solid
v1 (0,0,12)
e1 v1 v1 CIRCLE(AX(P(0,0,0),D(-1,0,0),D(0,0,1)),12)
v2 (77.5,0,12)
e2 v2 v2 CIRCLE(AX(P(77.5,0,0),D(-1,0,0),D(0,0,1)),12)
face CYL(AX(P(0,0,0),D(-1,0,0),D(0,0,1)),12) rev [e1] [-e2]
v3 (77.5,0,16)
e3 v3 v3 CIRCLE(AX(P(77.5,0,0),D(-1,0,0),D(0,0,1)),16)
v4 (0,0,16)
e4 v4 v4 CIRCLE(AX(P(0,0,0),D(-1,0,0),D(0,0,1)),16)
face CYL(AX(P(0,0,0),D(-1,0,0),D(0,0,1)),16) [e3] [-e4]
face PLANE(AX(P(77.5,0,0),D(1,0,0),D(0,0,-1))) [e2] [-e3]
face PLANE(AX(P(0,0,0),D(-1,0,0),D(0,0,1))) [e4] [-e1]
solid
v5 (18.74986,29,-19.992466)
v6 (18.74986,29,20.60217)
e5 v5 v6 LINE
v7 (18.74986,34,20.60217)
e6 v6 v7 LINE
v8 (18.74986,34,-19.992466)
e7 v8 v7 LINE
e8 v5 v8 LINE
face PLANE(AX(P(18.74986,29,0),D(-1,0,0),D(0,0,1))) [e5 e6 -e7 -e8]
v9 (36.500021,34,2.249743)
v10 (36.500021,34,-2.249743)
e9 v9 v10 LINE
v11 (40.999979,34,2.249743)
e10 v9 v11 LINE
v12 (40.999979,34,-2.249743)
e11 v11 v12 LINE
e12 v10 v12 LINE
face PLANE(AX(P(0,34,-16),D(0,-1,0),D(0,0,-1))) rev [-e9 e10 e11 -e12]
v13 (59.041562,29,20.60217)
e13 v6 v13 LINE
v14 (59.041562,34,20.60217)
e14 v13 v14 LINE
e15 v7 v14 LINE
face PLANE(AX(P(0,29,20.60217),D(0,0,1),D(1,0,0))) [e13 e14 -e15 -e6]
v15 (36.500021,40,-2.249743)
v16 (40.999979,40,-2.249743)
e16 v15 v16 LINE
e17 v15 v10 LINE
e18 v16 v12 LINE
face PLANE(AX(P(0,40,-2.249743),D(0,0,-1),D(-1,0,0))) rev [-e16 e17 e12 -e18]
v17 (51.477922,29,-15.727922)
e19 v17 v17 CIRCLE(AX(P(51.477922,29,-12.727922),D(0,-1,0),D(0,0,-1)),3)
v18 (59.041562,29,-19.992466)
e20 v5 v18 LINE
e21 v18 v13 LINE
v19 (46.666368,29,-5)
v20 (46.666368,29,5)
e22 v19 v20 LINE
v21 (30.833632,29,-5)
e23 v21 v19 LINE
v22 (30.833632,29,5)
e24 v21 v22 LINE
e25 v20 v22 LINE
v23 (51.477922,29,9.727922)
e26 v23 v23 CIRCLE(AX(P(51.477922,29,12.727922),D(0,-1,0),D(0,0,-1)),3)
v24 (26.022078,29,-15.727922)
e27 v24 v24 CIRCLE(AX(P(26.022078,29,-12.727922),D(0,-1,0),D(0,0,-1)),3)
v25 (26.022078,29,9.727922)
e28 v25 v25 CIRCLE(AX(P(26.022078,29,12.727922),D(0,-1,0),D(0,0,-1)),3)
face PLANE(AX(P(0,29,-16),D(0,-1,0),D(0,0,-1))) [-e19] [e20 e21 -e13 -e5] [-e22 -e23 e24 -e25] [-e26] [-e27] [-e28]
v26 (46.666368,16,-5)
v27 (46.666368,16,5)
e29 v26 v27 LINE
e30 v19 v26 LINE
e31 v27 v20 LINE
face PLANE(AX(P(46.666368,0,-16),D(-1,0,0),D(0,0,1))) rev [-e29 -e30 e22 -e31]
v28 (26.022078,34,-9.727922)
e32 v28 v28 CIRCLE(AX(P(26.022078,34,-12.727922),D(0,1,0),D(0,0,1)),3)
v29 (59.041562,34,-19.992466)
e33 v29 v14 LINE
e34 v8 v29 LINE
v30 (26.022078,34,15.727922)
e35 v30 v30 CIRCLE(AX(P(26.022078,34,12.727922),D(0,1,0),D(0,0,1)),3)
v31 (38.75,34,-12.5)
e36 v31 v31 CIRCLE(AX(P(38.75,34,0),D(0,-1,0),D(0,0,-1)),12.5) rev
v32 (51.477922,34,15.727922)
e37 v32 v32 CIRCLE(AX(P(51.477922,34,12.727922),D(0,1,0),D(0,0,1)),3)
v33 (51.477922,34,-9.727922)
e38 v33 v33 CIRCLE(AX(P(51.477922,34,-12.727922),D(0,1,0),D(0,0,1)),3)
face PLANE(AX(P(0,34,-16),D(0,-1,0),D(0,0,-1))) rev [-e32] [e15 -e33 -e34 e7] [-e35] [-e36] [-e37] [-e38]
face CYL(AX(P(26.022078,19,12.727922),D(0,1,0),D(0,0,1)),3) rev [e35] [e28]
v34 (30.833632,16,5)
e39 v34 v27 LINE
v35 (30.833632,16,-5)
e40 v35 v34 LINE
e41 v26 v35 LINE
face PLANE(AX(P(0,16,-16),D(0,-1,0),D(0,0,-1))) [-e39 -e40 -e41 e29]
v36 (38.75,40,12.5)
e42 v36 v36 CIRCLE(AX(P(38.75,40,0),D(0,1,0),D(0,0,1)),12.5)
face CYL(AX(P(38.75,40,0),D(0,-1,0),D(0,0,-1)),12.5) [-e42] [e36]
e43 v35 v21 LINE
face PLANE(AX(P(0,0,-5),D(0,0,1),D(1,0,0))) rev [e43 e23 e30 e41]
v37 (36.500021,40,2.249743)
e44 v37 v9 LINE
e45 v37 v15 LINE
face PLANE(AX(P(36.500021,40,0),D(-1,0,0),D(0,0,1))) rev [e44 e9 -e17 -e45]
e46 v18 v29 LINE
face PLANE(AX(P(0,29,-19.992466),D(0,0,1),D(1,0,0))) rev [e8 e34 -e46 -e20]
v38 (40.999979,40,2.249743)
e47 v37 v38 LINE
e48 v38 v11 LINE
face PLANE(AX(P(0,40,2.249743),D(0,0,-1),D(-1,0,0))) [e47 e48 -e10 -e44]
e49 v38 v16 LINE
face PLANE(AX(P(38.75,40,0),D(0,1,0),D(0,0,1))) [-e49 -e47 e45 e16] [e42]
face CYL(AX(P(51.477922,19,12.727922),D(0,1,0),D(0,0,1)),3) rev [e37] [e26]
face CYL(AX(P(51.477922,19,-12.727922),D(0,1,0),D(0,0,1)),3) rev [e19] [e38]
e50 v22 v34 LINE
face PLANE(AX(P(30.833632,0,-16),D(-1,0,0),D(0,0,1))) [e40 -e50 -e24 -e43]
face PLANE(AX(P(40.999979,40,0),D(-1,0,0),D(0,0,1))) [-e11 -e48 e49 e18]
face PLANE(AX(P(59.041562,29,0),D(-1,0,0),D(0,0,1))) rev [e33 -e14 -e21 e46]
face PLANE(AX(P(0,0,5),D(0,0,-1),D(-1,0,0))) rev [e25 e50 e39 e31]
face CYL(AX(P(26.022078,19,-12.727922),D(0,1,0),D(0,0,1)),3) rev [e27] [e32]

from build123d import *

# Parameters (mm, degrees)
DODANIE_WYCI_GNI_CIE1_DEPTH      = 16
DODANIE_WYCI_GNI_CIE1_DEPTH_BACK = 16
SZKIC2_R                         = 3
WYTNIJ_WYCI_GNI_CIE1_DEPTH       = 15
DODANIE_WYCI_GNI_CIE2_DEPTH      = 6
SZKIC5_W                         = 15.832735356
SZKIC5_H                         = 13
WYTNIJ_WYCI_GNI_CIE2_DEPTH       = 11
SZKIC6_W                         = 15.832735356
SZKIC6_H                         = 13
WYTNIJ_WYCI_GNI_CIE3_DEPTH       = 11
SZKIC7_W                         = 40.29170114
SZKIC7_H                         = 40.594635428
SZKIC7_W_2                       = 32
SZKIC7_H_2                       = 32
DODANIE_WYCI_GNI_CIE3_DEPTH      = 5


with BuildPart() as part:
    # Szkic1 → Dodanie-wyciągnięcie1 (new, two sides: drawn at the far end of the back side and taken through both)
    with BuildSketch(Plane.XY.offset(-DODANIE_WYCI_GNI_CIE1_DEPTH_BACK)):
        Polygon((30.833632322, 16), (46.666367678, 16), (46.666367678, 29), (54.75, 29), (54.75, 34), (22.75, 34), (22.75, 29), (30.833632322, 29), align=None)
    extrude(amount=DODANIE_WYCI_GNI_CIE1_DEPTH + DODANIE_WYCI_GNI_CIE1_DEPTH_BACK)

    # Szkic2 → Wytnij-wyciągnięcie1 (cut)
    with BuildSketch(Plane(origin=(0, 34, 0), x_dir=(1, 0, 0), z_dir=(0, 1, 0))):
        with Locations((51.477922061, 12.727922061)):
            Circle(SZKIC2_R)
        with Locations((26.022077939, 12.727922061)):
            Circle(SZKIC2_R)
        with Locations((51.477922061, -12.727922061)):
            Circle(SZKIC2_R)
        with Locations((26.022077939, -12.727922061)):
            Circle(SZKIC2_R)
    extrude(amount=-WYTNIJ_WYCI_GNI_CIE1_DEPTH, mode=Mode.SUBTRACT)

    # Szkic3 → Dodanie-wyciągnięcie2 (add)
    with BuildSketch(Plane(origin=(0, 34, 0), x_dir=(1, 0, 0), z_dir=(0, 1, 0))):
        with BuildLine():
            ThreePointArc((51.25, 0), (47.588834765, 8.838834765), (38.75, 12.5))
            ThreePointArc((38.75, 12.5), (29.911165235, -8.838834765), (51.25, 0))
        make_face()
        Polygon((36.500021314, 2.249743185), (38.75, 2.249743185), (40.999978686, 2.249743185), (40.999978686, -2.249743185), (36.500021314, -2.249743185), align=None, mode=Mode.SUBTRACT)
    extrude(amount=DODANIE_WYCI_GNI_CIE2_DEPTH)

    # Szkic5 → Wytnij-wyciągnięcie2 (cut)
    with BuildSketch(Plane.XY.offset(16)):
        with Locations((38.75, 22.5)):
            Rectangle(SZKIC5_W, SZKIC5_H)
    extrude(amount=-WYTNIJ_WYCI_GNI_CIE2_DEPTH, mode=Mode.SUBTRACT)

    # Szkic6 → Wytnij-wyciągnięcie3 (cut)
    with BuildSketch(Plane(origin=(0, 0, -16), x_dir=(-1, 0, 0), z_dir=(0, 0, -1))):
        with Locations((-38.75, 22.5)):
            Rectangle(SZKIC6_W, SZKIC6_H)
    extrude(amount=-WYTNIJ_WYCI_GNI_CIE3_DEPTH, mode=Mode.SUBTRACT)

    # Szkic7 → Dodanie-wyciągnięcie3 (add)
    with BuildSketch(Plane(origin=(0, 34, 0), x_dir=(1, 0, 0), z_dir=(0, 1, 0))):
        with Locations((38.89571093, -0.304852178)):
            Rectangle(SZKIC7_W, SZKIC7_H)
        with Locations((38.75, 0)):
            Rectangle(SZKIC7_W_2, SZKIC7_H_2, mode=Mode.SUBTRACT)
    extrude(amount=-DODANIE_WYCI_GNI_CIE3_DEPTH)


with BuildPart() as body_2:
    # Szkic4 → Obrót2 (revolve)
    with BuildSketch(Plane.XY):
        Polygon((0, 16), (0, 12), (77.5, 12), (77.5, 16), (46.666367678, 16), (30.833632322, 16), align=None)
    revolve(axis=Axis((0, 0, 0), (1, 0, 0)))


solid = Compound([part.part, body_2.part])
